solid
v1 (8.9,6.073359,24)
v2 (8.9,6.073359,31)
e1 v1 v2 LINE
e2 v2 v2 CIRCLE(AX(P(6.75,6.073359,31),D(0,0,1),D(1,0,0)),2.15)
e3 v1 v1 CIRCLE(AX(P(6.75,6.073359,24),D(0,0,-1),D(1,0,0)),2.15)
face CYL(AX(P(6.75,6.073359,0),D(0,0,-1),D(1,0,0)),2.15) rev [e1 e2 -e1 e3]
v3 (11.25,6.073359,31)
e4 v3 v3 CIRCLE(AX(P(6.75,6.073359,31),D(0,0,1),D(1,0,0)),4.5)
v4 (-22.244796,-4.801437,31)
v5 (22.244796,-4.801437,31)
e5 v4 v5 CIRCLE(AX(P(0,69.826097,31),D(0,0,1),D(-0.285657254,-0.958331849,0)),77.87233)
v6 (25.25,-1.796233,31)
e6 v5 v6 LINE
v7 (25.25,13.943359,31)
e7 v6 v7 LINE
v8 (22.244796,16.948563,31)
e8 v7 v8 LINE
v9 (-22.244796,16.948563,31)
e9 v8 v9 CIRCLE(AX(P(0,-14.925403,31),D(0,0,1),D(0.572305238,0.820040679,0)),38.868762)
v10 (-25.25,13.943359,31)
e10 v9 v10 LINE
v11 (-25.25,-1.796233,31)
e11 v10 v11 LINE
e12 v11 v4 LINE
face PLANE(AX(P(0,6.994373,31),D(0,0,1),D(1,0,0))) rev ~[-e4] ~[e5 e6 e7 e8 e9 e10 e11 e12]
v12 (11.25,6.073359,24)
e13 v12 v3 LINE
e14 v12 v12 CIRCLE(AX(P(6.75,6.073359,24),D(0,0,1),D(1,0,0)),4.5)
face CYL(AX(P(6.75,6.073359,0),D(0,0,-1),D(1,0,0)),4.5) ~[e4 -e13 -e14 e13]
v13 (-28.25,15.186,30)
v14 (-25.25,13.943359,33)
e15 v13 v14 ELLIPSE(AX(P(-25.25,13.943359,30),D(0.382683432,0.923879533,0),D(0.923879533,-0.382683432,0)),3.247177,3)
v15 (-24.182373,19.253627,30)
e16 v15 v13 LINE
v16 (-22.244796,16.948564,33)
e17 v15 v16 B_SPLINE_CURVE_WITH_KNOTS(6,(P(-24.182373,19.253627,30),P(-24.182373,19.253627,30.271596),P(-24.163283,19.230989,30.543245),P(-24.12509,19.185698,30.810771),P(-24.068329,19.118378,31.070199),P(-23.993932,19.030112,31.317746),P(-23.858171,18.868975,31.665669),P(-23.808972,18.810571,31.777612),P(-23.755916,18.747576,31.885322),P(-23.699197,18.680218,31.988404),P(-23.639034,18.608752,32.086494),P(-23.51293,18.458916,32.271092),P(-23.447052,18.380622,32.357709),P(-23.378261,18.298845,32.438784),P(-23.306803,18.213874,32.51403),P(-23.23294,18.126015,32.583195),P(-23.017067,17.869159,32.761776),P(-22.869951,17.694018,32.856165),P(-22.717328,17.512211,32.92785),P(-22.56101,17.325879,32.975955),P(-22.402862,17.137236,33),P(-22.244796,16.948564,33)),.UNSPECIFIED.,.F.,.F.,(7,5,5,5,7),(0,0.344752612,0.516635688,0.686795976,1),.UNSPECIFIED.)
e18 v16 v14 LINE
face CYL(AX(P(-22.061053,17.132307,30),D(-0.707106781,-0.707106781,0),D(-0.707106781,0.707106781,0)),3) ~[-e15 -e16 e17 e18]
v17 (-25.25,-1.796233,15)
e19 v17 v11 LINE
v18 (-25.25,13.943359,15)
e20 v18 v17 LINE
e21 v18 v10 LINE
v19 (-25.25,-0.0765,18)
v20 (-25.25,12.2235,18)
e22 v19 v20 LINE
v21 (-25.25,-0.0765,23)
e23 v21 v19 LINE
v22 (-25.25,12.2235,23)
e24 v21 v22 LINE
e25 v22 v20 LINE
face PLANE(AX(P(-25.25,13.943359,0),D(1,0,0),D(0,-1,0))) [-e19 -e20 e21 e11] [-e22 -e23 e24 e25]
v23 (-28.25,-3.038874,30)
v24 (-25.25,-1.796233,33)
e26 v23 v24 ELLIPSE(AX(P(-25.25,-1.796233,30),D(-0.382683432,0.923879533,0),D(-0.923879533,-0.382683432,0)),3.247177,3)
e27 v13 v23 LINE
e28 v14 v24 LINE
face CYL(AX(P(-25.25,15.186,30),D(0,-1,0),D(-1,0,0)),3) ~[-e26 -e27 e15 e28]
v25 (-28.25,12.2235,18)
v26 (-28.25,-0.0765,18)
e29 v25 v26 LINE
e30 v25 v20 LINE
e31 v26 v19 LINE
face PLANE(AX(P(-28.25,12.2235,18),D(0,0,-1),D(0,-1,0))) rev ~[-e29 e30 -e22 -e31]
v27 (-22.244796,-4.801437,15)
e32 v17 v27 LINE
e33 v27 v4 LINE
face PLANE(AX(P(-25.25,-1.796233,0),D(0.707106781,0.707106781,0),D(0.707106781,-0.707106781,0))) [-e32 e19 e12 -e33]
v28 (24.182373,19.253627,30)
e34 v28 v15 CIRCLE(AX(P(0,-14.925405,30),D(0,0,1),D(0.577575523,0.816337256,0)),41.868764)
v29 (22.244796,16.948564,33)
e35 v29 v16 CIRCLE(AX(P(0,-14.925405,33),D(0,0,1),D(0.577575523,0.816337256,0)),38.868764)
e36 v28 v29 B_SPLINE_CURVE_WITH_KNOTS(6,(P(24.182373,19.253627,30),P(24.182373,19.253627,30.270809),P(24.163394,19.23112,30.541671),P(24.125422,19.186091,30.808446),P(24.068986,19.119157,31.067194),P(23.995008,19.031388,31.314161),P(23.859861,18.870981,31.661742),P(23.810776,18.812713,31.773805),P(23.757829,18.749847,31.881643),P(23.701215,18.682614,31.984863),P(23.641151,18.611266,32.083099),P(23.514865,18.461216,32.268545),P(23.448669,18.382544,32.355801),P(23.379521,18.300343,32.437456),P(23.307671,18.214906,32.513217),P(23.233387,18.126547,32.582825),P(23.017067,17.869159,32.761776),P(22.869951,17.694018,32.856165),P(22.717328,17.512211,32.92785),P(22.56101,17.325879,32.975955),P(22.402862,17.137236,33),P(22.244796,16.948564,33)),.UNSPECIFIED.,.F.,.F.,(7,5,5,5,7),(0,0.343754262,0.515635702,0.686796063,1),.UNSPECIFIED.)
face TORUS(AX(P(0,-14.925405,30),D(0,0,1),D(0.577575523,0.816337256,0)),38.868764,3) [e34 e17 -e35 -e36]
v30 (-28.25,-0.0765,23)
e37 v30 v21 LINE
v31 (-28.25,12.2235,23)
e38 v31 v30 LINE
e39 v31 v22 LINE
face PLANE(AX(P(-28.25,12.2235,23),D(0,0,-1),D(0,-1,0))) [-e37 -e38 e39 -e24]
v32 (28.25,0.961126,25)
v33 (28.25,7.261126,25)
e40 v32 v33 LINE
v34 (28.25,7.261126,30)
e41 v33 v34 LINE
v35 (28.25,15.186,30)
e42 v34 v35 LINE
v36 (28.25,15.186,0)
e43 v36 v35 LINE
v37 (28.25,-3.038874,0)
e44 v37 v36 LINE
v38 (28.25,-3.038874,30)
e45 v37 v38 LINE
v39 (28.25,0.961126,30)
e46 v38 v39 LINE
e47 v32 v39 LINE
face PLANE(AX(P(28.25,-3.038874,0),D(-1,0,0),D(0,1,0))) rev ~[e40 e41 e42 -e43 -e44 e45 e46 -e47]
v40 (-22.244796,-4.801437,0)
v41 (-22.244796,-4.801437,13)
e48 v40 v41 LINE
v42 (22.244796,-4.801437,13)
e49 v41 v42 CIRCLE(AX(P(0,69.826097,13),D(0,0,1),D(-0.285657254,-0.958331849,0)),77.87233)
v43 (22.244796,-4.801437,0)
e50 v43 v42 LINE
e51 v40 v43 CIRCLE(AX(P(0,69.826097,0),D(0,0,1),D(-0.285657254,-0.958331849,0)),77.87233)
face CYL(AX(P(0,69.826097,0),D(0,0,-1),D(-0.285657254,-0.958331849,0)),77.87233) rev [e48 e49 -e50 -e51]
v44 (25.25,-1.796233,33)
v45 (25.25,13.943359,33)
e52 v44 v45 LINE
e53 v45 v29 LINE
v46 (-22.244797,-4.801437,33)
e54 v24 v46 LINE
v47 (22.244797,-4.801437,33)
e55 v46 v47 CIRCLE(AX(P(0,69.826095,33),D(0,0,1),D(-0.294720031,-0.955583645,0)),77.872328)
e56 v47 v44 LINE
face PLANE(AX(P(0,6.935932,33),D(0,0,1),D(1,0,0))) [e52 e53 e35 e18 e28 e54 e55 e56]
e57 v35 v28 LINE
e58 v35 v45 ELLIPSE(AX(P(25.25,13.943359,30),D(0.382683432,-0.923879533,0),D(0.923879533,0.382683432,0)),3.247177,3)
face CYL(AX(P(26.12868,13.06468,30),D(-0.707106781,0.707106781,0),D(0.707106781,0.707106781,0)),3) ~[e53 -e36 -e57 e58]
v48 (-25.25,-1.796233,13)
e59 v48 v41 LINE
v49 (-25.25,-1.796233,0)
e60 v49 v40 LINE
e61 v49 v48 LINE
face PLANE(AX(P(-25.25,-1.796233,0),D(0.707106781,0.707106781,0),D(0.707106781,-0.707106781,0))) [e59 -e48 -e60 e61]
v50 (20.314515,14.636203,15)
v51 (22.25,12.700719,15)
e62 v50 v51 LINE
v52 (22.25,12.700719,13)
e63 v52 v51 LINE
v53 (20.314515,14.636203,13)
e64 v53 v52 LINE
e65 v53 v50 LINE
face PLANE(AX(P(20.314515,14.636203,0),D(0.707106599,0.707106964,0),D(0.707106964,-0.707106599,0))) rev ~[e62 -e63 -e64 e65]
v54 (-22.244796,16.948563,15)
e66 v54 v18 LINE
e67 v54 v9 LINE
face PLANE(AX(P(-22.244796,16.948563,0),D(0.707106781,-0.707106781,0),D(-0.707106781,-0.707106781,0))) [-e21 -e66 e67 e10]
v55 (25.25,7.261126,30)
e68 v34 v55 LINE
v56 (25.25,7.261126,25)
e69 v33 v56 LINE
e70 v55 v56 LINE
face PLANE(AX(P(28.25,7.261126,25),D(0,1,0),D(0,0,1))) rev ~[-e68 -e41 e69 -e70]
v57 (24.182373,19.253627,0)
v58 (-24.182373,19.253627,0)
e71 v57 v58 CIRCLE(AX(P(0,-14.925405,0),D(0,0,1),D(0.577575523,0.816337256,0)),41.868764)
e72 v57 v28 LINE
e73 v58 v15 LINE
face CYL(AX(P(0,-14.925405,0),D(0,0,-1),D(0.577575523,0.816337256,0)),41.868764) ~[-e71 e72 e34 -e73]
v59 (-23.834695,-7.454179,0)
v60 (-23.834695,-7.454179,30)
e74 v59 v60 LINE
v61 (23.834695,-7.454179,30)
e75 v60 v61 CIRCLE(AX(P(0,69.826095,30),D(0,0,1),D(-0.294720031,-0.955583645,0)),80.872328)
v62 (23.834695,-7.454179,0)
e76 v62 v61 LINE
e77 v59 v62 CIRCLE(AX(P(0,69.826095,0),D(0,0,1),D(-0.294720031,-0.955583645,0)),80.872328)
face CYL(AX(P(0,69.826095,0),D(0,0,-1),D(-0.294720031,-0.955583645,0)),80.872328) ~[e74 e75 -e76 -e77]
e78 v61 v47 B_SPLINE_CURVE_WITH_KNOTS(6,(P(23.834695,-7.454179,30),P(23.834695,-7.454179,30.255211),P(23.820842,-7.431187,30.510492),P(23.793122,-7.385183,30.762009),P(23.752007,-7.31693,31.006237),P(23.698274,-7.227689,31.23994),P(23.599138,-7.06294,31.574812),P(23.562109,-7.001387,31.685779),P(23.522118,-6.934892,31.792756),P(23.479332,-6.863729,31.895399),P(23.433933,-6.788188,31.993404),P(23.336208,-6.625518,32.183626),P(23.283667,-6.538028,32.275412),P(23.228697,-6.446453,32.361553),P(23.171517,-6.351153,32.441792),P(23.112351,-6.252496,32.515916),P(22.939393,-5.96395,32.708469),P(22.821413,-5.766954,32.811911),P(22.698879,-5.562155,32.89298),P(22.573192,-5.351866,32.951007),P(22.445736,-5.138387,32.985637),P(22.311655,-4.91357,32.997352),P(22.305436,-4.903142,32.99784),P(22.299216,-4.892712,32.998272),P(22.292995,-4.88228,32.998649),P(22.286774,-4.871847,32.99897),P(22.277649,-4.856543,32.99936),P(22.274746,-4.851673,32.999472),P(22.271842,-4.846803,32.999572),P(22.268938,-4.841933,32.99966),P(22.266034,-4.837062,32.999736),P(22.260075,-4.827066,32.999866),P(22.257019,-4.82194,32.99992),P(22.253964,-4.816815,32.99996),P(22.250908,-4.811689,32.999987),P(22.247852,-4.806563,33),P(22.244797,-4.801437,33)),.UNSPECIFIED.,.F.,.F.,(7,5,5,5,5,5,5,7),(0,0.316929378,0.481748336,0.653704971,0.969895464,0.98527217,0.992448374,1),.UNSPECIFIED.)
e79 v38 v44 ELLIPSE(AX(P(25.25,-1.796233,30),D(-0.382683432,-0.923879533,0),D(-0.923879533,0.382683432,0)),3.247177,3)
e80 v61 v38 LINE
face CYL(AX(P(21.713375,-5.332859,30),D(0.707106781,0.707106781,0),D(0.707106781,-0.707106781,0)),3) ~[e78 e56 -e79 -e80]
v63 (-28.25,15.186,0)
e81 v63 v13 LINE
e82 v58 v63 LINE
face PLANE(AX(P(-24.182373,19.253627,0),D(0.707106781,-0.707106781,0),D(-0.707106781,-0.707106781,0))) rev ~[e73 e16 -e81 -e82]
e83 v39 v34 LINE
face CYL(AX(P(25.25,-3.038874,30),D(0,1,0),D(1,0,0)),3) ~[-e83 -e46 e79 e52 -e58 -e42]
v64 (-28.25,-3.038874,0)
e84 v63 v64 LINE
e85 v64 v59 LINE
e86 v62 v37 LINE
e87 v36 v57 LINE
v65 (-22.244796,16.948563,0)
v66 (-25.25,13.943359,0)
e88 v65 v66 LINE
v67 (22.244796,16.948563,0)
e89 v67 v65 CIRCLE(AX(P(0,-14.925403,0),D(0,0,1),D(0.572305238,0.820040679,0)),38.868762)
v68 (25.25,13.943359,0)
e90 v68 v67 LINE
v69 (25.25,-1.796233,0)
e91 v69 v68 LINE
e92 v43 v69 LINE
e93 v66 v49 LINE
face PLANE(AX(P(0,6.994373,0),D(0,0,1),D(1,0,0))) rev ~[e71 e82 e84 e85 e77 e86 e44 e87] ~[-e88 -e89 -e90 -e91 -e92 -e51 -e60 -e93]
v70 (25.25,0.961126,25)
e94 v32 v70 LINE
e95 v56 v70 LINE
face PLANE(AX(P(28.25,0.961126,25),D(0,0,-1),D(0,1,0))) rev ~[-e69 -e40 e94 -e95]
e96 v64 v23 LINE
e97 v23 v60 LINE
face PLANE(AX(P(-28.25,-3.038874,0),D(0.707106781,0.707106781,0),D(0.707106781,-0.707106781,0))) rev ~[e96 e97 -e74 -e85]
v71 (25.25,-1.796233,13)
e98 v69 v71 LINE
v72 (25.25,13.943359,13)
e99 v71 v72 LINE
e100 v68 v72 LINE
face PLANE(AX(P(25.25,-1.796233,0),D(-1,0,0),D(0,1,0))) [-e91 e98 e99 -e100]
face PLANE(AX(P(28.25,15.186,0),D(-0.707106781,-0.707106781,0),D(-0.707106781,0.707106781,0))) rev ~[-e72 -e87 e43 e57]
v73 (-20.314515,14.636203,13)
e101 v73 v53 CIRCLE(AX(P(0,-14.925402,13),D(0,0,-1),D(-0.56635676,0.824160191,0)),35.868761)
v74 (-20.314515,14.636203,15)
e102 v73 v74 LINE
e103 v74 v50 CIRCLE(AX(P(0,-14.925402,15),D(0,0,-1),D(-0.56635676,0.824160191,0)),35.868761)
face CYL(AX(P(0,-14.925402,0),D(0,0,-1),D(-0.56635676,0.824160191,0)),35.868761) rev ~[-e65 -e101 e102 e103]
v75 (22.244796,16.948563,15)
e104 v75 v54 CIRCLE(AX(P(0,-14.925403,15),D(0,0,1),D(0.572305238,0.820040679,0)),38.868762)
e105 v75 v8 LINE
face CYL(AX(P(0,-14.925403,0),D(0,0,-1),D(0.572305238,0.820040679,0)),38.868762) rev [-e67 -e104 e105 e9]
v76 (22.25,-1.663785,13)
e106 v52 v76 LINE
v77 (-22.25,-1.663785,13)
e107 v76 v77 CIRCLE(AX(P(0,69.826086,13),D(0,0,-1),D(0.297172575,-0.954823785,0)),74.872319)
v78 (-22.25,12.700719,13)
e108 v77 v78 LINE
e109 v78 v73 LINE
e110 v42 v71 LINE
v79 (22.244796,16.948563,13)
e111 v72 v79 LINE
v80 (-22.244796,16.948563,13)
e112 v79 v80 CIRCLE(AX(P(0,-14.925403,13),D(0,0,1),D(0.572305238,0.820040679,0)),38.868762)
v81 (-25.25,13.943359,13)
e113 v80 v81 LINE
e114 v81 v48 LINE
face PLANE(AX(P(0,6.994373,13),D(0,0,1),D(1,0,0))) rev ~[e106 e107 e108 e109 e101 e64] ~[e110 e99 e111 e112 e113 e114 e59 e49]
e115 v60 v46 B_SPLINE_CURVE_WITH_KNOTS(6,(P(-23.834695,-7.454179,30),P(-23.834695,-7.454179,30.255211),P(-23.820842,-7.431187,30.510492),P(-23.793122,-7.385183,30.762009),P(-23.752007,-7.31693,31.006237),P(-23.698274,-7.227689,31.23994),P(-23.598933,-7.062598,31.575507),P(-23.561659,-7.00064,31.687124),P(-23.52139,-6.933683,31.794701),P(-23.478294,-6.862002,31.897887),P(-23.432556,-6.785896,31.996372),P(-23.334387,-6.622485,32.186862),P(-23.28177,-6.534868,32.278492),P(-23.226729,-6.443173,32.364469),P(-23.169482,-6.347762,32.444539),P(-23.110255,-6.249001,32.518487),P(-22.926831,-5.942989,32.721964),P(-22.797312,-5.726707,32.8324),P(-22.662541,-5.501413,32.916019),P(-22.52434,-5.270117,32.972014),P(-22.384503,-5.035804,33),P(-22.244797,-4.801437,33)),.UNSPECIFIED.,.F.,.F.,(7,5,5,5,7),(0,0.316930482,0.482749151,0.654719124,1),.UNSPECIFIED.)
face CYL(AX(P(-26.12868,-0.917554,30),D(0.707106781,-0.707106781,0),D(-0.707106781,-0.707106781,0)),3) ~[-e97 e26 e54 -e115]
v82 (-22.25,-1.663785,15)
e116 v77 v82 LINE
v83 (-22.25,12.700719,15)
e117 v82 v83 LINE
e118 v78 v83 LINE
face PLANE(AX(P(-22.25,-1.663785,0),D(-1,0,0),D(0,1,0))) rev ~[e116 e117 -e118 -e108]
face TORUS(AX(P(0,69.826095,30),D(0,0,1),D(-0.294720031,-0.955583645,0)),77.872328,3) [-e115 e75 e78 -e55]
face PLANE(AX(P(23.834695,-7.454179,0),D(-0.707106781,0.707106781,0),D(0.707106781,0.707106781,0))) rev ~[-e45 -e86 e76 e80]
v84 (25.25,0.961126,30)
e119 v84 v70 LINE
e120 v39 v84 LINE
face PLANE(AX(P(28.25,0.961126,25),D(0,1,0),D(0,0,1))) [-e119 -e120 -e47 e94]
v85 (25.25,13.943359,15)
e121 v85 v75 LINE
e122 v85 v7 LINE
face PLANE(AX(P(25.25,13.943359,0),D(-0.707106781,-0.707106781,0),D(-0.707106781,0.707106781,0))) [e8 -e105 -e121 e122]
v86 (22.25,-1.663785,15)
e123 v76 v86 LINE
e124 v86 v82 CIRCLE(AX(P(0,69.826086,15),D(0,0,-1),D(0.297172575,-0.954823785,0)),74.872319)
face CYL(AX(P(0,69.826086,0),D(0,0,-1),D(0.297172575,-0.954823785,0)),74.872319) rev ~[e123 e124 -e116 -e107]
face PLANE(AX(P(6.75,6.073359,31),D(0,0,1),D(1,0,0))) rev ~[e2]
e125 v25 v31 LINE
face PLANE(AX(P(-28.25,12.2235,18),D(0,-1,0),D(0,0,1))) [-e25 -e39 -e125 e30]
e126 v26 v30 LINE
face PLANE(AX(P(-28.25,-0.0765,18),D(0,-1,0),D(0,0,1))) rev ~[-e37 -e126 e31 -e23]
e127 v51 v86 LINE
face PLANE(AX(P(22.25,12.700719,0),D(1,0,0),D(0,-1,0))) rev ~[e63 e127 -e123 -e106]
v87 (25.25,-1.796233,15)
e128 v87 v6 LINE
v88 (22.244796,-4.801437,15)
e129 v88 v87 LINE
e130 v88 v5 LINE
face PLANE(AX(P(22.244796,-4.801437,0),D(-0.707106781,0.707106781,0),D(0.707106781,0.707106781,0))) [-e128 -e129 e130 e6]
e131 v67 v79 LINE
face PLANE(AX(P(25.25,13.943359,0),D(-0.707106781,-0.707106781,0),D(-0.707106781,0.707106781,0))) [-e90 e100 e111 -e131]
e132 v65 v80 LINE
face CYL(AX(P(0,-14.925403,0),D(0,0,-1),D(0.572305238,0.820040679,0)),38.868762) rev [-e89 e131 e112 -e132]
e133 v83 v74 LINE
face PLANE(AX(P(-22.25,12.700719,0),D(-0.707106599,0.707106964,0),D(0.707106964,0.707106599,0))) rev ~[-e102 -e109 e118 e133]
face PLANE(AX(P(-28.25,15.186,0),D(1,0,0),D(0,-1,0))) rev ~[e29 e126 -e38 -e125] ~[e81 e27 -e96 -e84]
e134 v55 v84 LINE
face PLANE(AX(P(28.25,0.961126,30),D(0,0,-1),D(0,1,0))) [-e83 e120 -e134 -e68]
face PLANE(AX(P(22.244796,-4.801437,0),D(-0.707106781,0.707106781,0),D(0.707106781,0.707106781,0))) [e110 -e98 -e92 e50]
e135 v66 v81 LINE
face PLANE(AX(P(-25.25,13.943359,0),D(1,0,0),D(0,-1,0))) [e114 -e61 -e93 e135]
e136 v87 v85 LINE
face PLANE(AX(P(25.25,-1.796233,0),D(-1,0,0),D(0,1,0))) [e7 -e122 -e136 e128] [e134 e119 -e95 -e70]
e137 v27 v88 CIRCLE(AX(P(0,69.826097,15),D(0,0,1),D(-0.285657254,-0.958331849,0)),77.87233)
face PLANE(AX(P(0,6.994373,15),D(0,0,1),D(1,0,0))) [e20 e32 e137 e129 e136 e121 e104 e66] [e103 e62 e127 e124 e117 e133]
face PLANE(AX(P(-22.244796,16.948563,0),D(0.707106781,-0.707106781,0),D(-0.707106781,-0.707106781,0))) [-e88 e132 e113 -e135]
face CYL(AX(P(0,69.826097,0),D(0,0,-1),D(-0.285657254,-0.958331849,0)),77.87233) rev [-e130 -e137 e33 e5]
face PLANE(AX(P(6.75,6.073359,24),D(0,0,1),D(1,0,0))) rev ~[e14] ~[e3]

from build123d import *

# Parameters (mm, degrees)
F0_R      = 4.5
F0_R_2    = 2.15
F1_DEPTH  = 33
F2_DEPTH  = 31
F3_DEPTH  = 15
F4_DEPTH  = 13
F5_DEPTH  = 31
F6_R      = 3
F7_DEPTH  = 24
F8_W      = 6.3
F8_H      = 5
F9_DEPTH  = 4
F10_W     = 12.3
F10_H     = 5
F11_DEPTH = 4


with BuildPart() as f1:
    # F0 (on Top) → F1 (new body)
    with BuildSketch(Plane.XY):
        with BuildLine():
            Line((28.25, -3.038874), (28.25, 15.186))
            Line((28.25, 15.186), (24.182373, 19.253627))
            ThreePointArc((24.182373, 19.253627), (0, 26.943359), (-24.182373, 19.253627))
            Line((-24.182373, 19.253627), (-28.25, 15.186))
            Line((-28.25, 15.186), (-28.25, -3.038874))
            Line((-28.25, -3.038874), (-23.834695, -7.454179))
            ThreePointArc((-23.834695, -7.454179), (0, -11.046233), (23.834695, -7.454179))
            Line((23.834695, -7.454179), (28.25, -3.038874))
        make_face()
        with BuildLine():
            Line((-22.244796, -4.801437), (-25.25, -1.796233))
            Line((-25.25, -1.796233), (-25.25, 13.943359))
            Line((-25.25, 13.943359), (-22.244796, 16.948563))
            ThreePointArc((-22.244796, 16.948563), (0, 23.943359), (22.244796, 16.948563))
            Line((22.244796, 16.948563), (25.25, 13.943359))
            Line((25.25, 13.943359), (25.25, -1.796233))
            Line((25.25, -1.796233), (22.244796, -4.801437))
            ThreePointArc((22.244796, -4.801437), (0, -8.046233), (-22.244796, -4.801437))
        make_face(mode=Mode.SUBTRACT)
        with BuildLine():
            Line((-25.25, 13.943359), (-25.25, -1.796233))
            Line((-25.25, -1.796233), (-22.244796, -4.801437))
            ThreePointArc((-22.244796, -4.801437), (0, -8.046233), (22.244796, -4.801437))
            Line((22.244796, -4.801437), (25.25, -1.796233))
            Line((25.25, -1.796233), (25.25, 13.943359))
            Line((25.25, 13.943359), (22.244796, 16.948563))
            ThreePointArc((22.244796, 16.948563), (0, 23.943359), (-22.244796, 16.948563))
            Line((-22.244796, 16.948563), (-25.25, 13.943359))
        make_face()
        with BuildLine():
            Line((20.314515, 14.636203), (22.25, 12.700719))
            Line((22.25, 12.700719), (22.25, -1.663785))
            ThreePointArc((22.25, -1.663785), (0, -5.046233), (-22.25, -1.663785))
            Line((-22.25, -1.663785), (-22.25, 12.700719))
            Line((-22.25, 12.700719), (-20.314515, 14.636203))
            ThreePointArc((-20.314515, 14.636203), (0, 20.943359), (20.314515, 14.636203))
        make_face(mode=Mode.SUBTRACT)
        with BuildLine():
            Line((22.25, -1.663785), (22.25, 12.700719))
            Line((22.25, 12.700719), (20.314515, 14.636203))
            ThreePointArc((20.314515, 14.636203), (0, 20.943359), (-20.314515, 14.636203))
            Line((-20.314515, 14.636203), (-22.25, 12.700719))
            Line((-22.25, 12.700719), (-22.25, -1.663785))
            ThreePointArc((-22.25, -1.663785), (0, -5.046233), (22.25, -1.663785))
        make_face()
        with Locations((6.75, 6.073359)):
            Circle(F0_R, mode=Mode.SUBTRACT)
        with Locations((6.75, 6.073359)):
            Circle(F0_R)
        with Locations((6.75, 6.073359)):
            Circle(F0_R_2, mode=Mode.SUBTRACT)
        with Locations((6.75, 6.073359)):
            Circle(F0_R_2)
    extrude(amount=F1_DEPTH)

    # F0 (on Top) → F2 (cut)
    with BuildSketch(Plane.XY):
        with BuildLine():
            Line((-25.25, 13.943359), (-25.25, -1.796233))
            Line((-25.25, -1.796233), (-22.244796, -4.801437))
            ThreePointArc((-22.244796, -4.801437), (0, -8.046233), (22.244796, -4.801437))
            Line((22.244796, -4.801437), (25.25, -1.796233))
            Line((25.25, -1.796233), (25.25, 13.943359))
            Line((25.25, 13.943359), (22.244796, 16.948563))
            ThreePointArc((22.244796, 16.948563), (0, 23.943359), (-22.244796, 16.948563))
            Line((-22.244796, 16.948563), (-25.25, 13.943359))
        make_face()
        with BuildLine():
            Line((20.314515, 14.636203), (22.25, 12.700719))
            Line((22.25, 12.700719), (22.25, -1.663785))
            ThreePointArc((22.25, -1.663785), (0, -5.046233), (-22.25, -1.663785))
            Line((-22.25, -1.663785), (-22.25, 12.700719))
            Line((-22.25, 12.700719), (-20.314515, 14.636203))
            ThreePointArc((-20.314515, 14.636203), (0, 20.943359), (20.314515, 14.636203))
        make_face(mode=Mode.SUBTRACT)
        with BuildLine():
            Line((22.25, -1.663785), (22.25, 12.700719))
            Line((22.25, 12.700719), (20.314515, 14.636203))
            ThreePointArc((20.314515, 14.636203), (0, 20.943359), (-20.314515, 14.636203))
            Line((-20.314515, 14.636203), (-22.25, 12.700719))
            Line((-22.25, 12.700719), (-22.25, -1.663785))
            ThreePointArc((-22.25, -1.663785), (0, -5.046233), (22.25, -1.663785))
        make_face()
        with Locations((6.75, 6.073359)):
            Circle(F0_R, mode=Mode.SUBTRACT)
    extrude(amount=F2_DEPTH, mode=Mode.SUBTRACT)

    # F0 (on Top) → F3 (join)
    with BuildSketch(Plane.XY):
        with BuildLine():
            Line((-25.25, 13.943359), (-25.25, -1.796233))
            Line((-25.25, -1.796233), (-22.244796, -4.801437))
            ThreePointArc((-22.244796, -4.801437), (0, -8.046233), (22.244796, -4.801437))
            Line((22.244796, -4.801437), (25.25, -1.796233))
            Line((25.25, -1.796233), (25.25, 13.943359))
            Line((25.25, 13.943359), (22.244796, 16.948563))
            ThreePointArc((22.244796, 16.948563), (0, 23.943359), (-22.244796, 16.948563))
            Line((-22.244796, 16.948563), (-25.25, 13.943359))
        make_face()
        with BuildLine():
            Line((20.314515, 14.636203), (22.25, 12.700719))
            Line((22.25, 12.700719), (22.25, -1.663785))
            ThreePointArc((22.25, -1.663785), (0, -5.046233), (-22.25, -1.663785))
            Line((-22.25, -1.663785), (-22.25, 12.700719))
            Line((-22.25, 12.700719), (-20.314515, 14.636203))
            ThreePointArc((-20.314515, 14.636203), (0, 20.943359), (20.314515, 14.636203))
        make_face(mode=Mode.SUBTRACT)
    extrude(amount=F3_DEPTH)

    # F0 (on Top) → F4 (cut)
    with BuildSketch(Plane.XY):
        with BuildLine():
            Line((-25.25, 13.943359), (-25.25, -1.796233))
            Line((-25.25, -1.796233), (-22.244796, -4.801437))
            ThreePointArc((-22.244796, -4.801437), (0, -8.046233), (22.244796, -4.801437))
            Line((22.244796, -4.801437), (25.25, -1.796233))
            Line((25.25, -1.796233), (25.25, 13.943359))
            Line((25.25, 13.943359), (22.244796, 16.948563))
            ThreePointArc((22.244796, 16.948563), (0, 23.943359), (-22.244796, 16.948563))
            Line((-22.244796, 16.948563), (-25.25, 13.943359))
        make_face()
        with BuildLine():
            Line((20.314515, 14.636203), (22.25, 12.700719))
            Line((22.25, 12.700719), (22.25, -1.663785))
            ThreePointArc((22.25, -1.663785), (0, -5.046233), (-22.25, -1.663785))
            Line((-22.25, -1.663785), (-22.25, 12.700719))
            Line((-22.25, 12.700719), (-20.314515, 14.636203))
            ThreePointArc((-20.314515, 14.636203), (0, 20.943359), (20.314515, 14.636203))
        make_face(mode=Mode.SUBTRACT)
    extrude(amount=F4_DEPTH, mode=Mode.SUBTRACT)

    # F0 (on Top) → F5 (cut)
    with BuildSketch(Plane.XY):
        with Locations((6.75, 6.073359)):
            Circle(F0_R_2)
    extrude(amount=F5_DEPTH, mode=Mode.SUBTRACT)

    # F6
    f6_edges = [f1.edges().sort_by_distance(p)[0] for p in [
        (0, -11.046233, 33),
        (-28.25, 6.073563, 33),
        (0, 26.943359, 33),
        (28.25, 6.073563, 33),
        (-26.042347, -5.246526, 33),
        (26.042347, -5.246526, 33),
        (26.216187, 17.219813, 33),
        (-26.216187, 17.219813, 33),
    ]]
    fillet(f6_edges, radius=F6_R)

    # F0 (on Top) → F7 (cut)
    with BuildSketch(Plane.XY):
        with Locations((6.75, 6.073359)):
            Circle(F0_R)
        with Locations((6.75, 6.073359)):
            Circle(F0_R_2, mode=Mode.SUBTRACT)
        with Locations((6.75, 6.073359)):
            Circle(F0_R_2)
    extrude(amount=F7_DEPTH, mode=Mode.SUBTRACT)

    # F8 (on face) → F9 (cut)
    with BuildSketch(Plane.YZ.offset(28.25)):
        with Locations((4.111126, 27.5)):
            Rectangle(F8_W, F8_H)
    extrude(amount=-F9_DEPTH, mode=Mode.SUBTRACT)

    # F10 (on face) → F11 (cut)
    with BuildSketch(Plane(origin=(-28.25, 0, 0), x_dir=(0, -1, 0), z_dir=(-1, 0, 0))):
        with Locations((-6.0735, 20.5)):
            Rectangle(F10_W, F10_H)
    extrude(amount=-F11_DEPTH, mode=Mode.SUBTRACT)


solid = f1.part
